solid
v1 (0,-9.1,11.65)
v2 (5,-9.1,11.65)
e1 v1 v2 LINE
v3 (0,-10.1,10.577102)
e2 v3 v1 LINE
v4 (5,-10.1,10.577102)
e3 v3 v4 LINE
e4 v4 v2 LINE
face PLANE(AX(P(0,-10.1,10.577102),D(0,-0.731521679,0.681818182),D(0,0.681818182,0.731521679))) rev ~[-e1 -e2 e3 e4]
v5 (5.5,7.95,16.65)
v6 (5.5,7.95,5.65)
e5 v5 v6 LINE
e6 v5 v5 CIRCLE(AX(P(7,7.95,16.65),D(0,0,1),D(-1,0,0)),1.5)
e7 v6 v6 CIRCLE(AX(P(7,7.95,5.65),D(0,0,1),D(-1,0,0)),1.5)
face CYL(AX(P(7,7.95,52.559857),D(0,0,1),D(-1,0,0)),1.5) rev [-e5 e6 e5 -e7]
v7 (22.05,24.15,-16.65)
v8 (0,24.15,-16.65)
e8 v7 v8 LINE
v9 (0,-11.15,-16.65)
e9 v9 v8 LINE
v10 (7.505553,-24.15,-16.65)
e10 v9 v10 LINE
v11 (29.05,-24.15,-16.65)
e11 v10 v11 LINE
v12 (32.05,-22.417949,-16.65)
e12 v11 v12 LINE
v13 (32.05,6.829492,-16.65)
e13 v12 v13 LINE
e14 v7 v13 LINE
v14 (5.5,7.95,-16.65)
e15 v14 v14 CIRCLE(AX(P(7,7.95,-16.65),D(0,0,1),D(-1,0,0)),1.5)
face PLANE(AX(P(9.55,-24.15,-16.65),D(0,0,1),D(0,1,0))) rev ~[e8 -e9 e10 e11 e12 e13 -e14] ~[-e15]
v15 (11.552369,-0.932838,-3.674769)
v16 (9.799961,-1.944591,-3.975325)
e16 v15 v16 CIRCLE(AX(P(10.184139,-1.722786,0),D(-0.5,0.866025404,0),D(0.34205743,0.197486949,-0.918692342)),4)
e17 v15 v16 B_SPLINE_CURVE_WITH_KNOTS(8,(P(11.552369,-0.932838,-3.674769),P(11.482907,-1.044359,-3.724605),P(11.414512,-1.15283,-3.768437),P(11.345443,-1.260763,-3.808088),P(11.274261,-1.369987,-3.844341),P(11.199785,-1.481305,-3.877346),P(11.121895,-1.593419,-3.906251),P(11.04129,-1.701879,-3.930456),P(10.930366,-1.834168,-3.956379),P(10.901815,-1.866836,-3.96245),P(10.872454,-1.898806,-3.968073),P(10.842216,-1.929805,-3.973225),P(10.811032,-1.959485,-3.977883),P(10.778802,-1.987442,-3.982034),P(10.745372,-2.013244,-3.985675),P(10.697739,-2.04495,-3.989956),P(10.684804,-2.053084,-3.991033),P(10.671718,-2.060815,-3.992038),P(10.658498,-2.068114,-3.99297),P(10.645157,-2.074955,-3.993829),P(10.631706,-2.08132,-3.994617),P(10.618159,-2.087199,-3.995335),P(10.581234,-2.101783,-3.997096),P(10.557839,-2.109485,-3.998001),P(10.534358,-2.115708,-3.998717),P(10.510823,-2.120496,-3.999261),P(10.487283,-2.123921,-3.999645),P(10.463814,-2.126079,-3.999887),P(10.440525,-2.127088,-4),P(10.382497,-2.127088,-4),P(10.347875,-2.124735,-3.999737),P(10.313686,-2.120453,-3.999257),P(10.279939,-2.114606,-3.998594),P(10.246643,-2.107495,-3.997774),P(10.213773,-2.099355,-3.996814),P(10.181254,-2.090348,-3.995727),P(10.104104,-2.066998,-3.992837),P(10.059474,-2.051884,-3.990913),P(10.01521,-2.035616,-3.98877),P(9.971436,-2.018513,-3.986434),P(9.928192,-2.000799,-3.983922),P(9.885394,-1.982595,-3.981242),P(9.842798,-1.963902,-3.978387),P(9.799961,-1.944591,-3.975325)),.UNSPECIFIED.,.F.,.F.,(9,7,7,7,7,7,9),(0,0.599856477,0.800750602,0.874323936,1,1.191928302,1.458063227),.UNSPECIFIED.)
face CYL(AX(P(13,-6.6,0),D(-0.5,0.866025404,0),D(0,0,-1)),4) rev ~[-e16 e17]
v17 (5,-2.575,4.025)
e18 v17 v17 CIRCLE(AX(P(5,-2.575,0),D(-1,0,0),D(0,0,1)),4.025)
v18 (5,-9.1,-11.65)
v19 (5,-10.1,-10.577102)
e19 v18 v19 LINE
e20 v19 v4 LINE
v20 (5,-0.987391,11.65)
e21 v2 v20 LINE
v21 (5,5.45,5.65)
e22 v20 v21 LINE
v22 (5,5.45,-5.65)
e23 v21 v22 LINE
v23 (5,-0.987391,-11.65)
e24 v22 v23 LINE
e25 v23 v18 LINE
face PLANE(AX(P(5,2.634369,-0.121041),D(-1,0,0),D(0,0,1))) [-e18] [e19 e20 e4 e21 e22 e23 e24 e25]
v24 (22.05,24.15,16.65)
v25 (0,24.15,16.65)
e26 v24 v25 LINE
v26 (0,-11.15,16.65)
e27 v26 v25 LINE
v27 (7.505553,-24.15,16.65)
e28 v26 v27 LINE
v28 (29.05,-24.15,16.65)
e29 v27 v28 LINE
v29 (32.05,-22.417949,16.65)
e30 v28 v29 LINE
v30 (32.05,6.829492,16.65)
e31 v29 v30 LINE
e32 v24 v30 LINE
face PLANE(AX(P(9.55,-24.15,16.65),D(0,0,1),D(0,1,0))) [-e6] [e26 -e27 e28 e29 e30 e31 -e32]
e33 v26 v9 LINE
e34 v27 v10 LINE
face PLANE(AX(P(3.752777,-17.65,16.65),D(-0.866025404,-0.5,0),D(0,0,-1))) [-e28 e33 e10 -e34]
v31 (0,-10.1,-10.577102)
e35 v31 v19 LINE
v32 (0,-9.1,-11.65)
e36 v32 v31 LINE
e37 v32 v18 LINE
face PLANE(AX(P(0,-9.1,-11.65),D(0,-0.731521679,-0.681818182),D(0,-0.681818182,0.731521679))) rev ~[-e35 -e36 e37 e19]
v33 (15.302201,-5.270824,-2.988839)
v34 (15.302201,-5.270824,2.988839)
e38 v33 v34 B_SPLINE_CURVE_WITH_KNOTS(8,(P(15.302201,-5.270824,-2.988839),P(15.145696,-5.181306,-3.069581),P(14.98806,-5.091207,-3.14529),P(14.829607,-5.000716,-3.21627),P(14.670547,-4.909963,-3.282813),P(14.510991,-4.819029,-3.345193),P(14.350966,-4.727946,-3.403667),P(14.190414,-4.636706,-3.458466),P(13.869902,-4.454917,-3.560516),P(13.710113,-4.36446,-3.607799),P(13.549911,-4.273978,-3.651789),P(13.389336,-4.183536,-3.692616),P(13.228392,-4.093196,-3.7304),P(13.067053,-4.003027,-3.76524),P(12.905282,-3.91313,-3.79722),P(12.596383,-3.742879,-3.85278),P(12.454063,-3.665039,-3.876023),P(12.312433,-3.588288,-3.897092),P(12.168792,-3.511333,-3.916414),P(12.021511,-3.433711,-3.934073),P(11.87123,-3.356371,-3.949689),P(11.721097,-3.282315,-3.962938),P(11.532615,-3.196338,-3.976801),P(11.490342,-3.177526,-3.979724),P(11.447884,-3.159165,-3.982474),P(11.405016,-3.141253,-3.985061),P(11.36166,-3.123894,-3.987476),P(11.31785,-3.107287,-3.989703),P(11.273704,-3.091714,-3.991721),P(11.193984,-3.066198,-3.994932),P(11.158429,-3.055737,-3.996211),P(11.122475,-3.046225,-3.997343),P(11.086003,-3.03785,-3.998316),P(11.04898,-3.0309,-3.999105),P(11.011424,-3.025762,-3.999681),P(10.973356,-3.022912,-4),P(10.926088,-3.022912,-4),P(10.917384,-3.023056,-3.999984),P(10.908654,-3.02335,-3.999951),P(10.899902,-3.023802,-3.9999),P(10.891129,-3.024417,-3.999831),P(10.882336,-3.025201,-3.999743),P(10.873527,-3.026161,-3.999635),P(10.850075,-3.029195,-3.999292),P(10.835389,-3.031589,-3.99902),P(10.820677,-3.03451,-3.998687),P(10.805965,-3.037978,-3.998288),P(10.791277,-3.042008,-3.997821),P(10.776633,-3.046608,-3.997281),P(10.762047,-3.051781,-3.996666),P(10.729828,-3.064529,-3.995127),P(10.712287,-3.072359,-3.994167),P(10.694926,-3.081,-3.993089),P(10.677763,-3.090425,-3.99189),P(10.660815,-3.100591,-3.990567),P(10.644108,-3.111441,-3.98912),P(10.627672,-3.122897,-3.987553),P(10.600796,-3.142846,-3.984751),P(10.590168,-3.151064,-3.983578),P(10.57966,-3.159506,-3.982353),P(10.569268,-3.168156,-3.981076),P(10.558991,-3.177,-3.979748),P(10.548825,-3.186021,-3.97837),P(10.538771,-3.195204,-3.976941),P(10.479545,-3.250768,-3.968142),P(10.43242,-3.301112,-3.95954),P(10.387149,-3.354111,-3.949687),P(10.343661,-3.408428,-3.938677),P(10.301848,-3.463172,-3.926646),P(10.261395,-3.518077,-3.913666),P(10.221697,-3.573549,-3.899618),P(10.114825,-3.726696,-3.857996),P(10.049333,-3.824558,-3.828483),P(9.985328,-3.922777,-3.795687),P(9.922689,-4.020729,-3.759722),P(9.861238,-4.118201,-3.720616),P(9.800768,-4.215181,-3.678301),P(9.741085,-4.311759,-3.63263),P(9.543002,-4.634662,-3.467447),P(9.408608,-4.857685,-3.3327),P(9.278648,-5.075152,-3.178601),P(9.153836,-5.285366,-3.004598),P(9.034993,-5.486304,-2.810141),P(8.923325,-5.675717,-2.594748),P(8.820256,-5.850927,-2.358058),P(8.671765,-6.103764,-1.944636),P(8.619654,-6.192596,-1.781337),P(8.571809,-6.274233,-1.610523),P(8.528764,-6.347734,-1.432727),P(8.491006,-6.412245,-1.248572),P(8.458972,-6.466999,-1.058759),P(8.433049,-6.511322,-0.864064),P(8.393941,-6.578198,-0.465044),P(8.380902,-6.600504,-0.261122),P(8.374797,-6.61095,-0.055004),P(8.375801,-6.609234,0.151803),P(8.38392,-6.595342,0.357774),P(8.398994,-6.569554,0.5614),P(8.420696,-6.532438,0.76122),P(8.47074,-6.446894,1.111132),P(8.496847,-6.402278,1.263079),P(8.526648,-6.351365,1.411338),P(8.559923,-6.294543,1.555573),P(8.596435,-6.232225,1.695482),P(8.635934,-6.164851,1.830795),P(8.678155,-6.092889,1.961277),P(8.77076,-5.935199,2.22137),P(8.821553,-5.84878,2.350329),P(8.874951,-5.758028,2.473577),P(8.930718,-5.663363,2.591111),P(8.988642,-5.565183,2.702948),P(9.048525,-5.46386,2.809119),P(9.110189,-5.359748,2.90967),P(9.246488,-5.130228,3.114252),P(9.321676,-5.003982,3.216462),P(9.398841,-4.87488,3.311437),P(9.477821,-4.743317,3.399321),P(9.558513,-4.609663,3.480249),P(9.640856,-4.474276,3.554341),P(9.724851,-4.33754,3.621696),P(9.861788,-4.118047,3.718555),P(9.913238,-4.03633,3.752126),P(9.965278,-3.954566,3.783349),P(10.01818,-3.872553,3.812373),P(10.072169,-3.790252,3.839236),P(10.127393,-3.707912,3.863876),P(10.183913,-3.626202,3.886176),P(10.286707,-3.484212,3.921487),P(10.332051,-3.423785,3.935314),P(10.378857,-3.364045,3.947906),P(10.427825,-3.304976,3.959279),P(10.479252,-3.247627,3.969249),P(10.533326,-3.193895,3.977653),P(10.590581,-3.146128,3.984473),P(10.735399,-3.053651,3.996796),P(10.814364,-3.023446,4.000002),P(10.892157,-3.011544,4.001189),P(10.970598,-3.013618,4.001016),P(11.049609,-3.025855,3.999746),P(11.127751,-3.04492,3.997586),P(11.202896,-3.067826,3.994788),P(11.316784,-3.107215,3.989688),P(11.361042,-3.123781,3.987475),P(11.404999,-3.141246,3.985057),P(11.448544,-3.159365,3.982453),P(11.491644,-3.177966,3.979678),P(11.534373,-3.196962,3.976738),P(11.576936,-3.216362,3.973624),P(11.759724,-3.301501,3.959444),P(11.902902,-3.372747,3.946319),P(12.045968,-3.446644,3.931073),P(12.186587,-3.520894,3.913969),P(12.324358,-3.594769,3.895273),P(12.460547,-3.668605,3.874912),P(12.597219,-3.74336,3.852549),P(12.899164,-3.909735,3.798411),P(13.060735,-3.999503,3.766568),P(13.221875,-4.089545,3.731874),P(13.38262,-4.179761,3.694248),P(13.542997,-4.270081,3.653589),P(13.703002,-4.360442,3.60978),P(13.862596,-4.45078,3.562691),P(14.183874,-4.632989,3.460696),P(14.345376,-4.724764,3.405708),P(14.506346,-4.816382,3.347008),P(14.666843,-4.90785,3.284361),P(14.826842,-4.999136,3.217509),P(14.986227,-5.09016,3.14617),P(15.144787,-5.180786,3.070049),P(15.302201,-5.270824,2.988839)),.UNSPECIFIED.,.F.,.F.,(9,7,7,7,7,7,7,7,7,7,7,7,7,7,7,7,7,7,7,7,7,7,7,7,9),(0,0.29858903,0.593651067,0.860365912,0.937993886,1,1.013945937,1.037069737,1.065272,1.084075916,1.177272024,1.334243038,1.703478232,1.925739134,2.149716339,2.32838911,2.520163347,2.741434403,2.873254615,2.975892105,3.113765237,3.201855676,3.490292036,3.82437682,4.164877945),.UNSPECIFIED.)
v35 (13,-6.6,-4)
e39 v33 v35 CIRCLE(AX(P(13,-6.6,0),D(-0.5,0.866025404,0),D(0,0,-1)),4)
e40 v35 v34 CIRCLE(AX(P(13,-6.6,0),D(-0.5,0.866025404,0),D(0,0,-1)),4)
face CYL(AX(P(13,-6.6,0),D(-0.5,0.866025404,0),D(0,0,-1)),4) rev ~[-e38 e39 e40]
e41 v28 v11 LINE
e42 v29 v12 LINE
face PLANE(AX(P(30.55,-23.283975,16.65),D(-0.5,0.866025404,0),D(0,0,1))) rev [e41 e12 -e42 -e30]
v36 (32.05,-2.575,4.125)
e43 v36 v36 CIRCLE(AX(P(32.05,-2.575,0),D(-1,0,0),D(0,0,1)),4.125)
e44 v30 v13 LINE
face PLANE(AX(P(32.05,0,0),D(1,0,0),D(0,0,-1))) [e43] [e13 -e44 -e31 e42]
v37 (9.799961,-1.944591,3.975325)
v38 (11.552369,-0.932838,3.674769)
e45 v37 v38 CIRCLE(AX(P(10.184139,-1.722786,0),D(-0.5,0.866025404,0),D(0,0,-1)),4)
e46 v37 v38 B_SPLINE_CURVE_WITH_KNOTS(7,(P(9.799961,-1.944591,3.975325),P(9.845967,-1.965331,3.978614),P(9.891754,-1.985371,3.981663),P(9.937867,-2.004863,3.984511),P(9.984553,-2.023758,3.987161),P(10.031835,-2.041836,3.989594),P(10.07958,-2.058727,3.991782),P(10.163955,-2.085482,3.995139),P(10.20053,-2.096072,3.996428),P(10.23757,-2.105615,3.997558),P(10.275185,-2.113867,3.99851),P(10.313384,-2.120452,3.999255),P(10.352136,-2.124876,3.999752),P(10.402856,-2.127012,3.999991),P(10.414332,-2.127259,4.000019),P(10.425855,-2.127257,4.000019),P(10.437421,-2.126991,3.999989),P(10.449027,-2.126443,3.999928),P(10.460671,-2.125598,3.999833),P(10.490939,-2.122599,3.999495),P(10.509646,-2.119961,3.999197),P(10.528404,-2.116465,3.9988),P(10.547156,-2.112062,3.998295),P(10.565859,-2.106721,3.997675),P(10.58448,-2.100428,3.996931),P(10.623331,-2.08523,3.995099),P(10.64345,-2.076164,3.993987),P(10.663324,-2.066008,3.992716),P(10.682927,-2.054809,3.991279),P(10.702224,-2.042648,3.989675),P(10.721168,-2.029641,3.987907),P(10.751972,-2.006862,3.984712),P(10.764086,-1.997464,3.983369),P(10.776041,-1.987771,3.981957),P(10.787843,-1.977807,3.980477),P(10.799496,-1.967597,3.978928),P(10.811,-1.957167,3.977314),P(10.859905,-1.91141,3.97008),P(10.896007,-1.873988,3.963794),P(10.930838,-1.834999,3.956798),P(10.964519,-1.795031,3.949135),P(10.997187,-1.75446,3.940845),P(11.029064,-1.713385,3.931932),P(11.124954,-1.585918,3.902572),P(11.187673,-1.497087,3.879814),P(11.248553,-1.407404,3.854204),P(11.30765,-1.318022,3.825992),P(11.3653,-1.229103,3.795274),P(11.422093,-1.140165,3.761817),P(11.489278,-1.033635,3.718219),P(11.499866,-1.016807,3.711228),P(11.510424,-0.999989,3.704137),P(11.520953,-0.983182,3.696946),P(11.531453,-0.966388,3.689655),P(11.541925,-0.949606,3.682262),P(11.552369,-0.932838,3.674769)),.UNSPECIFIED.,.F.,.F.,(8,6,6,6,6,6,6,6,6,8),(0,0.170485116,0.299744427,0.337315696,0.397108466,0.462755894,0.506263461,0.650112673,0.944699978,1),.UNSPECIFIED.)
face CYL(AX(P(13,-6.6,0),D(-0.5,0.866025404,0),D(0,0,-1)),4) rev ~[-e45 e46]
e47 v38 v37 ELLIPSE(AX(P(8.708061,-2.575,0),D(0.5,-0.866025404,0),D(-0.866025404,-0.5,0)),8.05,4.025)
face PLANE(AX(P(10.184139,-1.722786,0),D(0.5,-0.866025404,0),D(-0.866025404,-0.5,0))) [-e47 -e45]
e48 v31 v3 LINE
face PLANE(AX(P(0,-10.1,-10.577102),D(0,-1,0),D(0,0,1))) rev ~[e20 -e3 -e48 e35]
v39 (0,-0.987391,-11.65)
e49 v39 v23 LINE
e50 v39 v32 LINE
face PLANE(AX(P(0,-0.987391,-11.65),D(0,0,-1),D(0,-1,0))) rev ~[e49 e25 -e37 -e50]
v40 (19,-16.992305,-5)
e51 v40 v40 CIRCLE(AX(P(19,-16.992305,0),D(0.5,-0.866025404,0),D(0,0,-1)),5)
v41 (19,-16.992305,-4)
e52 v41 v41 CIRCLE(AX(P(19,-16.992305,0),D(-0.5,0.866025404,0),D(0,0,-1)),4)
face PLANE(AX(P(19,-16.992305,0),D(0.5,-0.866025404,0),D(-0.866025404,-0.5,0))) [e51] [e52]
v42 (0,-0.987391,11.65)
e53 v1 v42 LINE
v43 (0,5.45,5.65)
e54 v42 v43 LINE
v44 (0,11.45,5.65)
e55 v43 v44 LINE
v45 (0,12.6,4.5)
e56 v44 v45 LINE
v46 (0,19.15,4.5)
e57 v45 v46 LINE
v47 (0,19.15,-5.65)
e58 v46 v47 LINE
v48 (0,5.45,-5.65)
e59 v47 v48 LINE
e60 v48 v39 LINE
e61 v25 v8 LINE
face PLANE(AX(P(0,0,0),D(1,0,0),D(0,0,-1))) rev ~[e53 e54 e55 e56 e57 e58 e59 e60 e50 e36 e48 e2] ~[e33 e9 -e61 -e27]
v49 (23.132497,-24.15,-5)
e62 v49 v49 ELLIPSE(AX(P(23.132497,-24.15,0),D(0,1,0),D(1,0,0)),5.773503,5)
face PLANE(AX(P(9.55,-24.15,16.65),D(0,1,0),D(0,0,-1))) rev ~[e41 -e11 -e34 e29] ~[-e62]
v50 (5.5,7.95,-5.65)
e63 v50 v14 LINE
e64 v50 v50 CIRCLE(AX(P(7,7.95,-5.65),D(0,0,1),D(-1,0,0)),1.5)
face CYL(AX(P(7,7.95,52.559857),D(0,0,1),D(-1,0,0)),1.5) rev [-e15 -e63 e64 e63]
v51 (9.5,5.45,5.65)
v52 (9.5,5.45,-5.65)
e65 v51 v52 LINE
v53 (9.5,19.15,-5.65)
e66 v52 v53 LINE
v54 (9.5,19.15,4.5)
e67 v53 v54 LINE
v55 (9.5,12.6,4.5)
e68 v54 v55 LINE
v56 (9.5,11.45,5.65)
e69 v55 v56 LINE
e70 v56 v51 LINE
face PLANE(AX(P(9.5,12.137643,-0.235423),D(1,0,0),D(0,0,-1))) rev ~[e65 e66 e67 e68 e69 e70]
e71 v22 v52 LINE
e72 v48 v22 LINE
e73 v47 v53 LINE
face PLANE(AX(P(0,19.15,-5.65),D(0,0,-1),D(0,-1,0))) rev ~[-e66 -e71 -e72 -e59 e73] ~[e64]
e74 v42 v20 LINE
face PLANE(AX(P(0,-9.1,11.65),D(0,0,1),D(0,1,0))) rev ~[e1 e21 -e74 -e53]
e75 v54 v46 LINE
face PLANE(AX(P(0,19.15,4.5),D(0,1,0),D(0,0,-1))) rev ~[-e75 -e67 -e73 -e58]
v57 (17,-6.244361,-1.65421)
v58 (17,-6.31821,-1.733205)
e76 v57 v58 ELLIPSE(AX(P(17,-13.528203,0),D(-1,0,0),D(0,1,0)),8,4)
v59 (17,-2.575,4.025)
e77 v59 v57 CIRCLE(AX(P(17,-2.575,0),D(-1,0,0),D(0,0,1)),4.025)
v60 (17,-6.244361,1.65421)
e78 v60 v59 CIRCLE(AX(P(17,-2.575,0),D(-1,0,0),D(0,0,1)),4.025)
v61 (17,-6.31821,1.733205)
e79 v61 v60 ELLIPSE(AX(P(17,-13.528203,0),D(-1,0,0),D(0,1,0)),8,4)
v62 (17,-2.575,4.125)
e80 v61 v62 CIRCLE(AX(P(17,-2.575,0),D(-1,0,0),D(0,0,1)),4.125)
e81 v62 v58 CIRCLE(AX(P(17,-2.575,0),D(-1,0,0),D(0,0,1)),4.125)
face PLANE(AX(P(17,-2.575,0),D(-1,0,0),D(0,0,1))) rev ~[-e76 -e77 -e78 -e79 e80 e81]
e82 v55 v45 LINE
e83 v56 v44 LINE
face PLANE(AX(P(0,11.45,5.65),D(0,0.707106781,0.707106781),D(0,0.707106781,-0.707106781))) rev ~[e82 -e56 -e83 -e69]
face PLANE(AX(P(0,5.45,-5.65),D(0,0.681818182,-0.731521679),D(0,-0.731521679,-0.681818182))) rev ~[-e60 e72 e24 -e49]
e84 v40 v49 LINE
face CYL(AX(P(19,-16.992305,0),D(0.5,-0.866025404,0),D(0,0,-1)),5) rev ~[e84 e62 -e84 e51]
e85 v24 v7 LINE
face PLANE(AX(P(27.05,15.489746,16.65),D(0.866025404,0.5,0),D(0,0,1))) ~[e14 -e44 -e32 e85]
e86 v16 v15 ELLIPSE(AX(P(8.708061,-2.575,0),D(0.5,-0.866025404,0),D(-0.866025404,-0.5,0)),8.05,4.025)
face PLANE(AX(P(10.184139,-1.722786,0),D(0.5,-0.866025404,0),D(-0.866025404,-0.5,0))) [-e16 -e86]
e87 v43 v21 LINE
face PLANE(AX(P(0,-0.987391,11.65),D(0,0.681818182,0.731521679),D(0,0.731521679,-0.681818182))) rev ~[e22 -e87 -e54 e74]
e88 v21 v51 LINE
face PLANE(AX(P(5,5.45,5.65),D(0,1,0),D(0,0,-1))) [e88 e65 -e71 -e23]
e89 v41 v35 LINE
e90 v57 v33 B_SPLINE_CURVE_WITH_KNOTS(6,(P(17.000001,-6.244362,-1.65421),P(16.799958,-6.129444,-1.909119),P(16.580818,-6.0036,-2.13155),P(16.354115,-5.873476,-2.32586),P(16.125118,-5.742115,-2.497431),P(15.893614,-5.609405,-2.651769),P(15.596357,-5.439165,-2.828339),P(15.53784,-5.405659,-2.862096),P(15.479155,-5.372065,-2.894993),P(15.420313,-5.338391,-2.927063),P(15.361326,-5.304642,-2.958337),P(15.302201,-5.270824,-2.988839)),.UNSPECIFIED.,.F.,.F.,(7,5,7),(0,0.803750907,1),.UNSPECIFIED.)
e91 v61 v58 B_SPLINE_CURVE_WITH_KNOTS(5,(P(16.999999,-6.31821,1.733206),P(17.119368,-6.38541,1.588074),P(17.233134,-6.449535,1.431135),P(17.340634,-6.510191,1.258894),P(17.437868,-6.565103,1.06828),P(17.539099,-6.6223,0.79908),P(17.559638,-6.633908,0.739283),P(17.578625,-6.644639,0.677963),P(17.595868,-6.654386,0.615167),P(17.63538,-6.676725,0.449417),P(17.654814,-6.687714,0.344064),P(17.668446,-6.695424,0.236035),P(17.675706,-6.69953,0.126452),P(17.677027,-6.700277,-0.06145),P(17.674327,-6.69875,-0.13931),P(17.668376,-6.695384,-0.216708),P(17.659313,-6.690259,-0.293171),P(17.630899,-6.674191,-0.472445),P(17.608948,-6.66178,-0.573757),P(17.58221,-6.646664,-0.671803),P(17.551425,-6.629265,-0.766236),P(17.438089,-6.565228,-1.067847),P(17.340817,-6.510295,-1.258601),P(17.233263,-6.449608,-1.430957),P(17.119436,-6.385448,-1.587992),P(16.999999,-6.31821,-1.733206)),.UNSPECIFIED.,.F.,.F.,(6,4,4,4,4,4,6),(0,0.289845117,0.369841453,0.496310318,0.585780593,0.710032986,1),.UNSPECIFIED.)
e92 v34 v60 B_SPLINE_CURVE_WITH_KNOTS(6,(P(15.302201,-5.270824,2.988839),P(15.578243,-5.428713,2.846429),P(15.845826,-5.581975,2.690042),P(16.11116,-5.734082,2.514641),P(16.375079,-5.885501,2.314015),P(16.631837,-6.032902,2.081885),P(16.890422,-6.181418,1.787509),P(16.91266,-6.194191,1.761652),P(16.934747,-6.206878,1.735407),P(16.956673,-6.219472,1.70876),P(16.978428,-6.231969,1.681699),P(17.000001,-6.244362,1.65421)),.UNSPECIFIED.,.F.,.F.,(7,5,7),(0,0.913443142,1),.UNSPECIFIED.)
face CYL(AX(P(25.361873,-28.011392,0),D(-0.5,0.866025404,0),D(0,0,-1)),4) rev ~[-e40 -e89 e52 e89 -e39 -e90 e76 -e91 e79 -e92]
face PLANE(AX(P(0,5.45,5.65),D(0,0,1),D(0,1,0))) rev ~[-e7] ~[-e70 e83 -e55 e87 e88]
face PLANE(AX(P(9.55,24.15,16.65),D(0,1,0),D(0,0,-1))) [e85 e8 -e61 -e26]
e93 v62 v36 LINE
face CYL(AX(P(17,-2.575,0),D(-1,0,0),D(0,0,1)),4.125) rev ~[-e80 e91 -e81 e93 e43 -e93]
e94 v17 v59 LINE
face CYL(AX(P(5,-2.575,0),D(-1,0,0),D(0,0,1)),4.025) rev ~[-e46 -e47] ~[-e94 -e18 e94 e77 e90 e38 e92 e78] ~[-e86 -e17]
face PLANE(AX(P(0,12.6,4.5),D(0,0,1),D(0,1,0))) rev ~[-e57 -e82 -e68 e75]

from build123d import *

# Parameters (mm, degrees)
SKETCH1_W               = 33.3
SKETCH1_H               = 48.3
BOSS_EXTRUDE1_DEPTH     = 9.55
CUT_EXTRUDE1_DEPTH      = 5
CUT_EXTRUDE2_DEPTH      = 4.5
SKETCH5_W               = 33.3
SKETCH5_H               = 48.3
BOSS_EXTRUDE3_DEPTH     = 22.5
SKETCH6_R               = 4.025
CUT_EXTRUDE3_DEPTH      = 12
SKETCH7_R               = 4.125
CUT_EXTRUDE4_DEPTH      = 15.05
CUT_EXTRUDE6_DEPTH      = 46.909857329
CUT_EXTRUDE6_DEPTH_BACK = 46.909857329
SKETCH27_R              = 1.5
SKETCH30_R              = 4
SKETCH31_R              = 5
CHAMFER1_SIZE           = 13
CHAMFER1_SIZE2          = 7.505553499
CHAMFER2_SIZE           = 10
CHAMFER2_SIZE2          = 17.320508076
CHAMFER3_SIZE           = 3
CHAMFER3_SIZE2          = 1.732050808


with BuildPart() as part:
    # Sketch1 → Boss-Extrude1 (new body)
    with BuildSketch(Plane(origin=(0, 0, 0), x_dir=(0, 0, -1), z_dir=(1, 0, 0))):
        Rectangle(SKETCH1_W, SKETCH1_H)
    extrude(amount=BOSS_EXTRUDE1_DEPTH)

    # Sketch2 → Cut-Extrude1 (cut)
    with BuildSketch(Plane.ZY):
        Polygon((0, 19.15), (-5.65, 19.15), (-5.65, 5.45), (-11.65, -0.987390776), (-11.65, -9.1), (-10.577101537, -10.1), (10.577101537, -10.1), (11.65, -9.1), (11.65, -0.987390776), (5.65, 5.45), (5.65, 11.45), (4.5, 12.6), (4.5, 19.15), align=None)
    extrude(amount=-CUT_EXTRUDE1_DEPTH, mode=Mode.SUBTRACT)

    # Sketch3 → Cut-Extrude2 (cut)
    with BuildSketch(Plane.ZY.offset(-5)):
        Polygon((-5.65, 19.15), (4.5, 19.15), (4.5, 12.6), (5.65, 11.45), (5.65, 5.45), (-5.65, 5.45), align=None)
    extrude(amount=-CUT_EXTRUDE2_DEPTH, mode=Mode.SUBTRACT)

    # Sketch5 → Boss-Extrude3 (add)
    with BuildSketch(Plane(origin=(9.55, 0, 0), x_dir=(0, 0, -1), z_dir=(1, 0, 0))):
        Rectangle(SKETCH5_W, SKETCH5_H)
    extrude(amount=BOSS_EXTRUDE3_DEPTH)

    # Sketch6 → Cut-Extrude3 (cut)
    with BuildSketch(Plane.ZY.offset(-5)):
        with Locations((0, -2.575)):
            Circle(SKETCH6_R)
    extrude(amount=-CUT_EXTRUDE3_DEPTH, mode=Mode.SUBTRACT)

    # Sketch7 → Cut-Extrude4 (cut)
    with BuildSketch(Plane.ZY.offset(-17)):
        with Locations((0, -2.575)):
            Circle(SKETCH7_R)
    extrude(amount=-CUT_EXTRUDE4_DEPTH, mode=Mode.SUBTRACT)

    # Sketch27 → Cut-Extrude6 (cut, two sides: drawn at the far end of the back side and taken through both)
    with BuildSketch(Plane(origin=(0, 0, 5.65), x_dir=(-1, 0, 0), z_dir=(0, 0, -1)).offset(-CUT_EXTRUDE6_DEPTH_BACK)):
        with Locations((-7, 7.95)):
            Circle(SKETCH27_R)
    extrude(amount=CUT_EXTRUDE6_DEPTH + CUT_EXTRUDE6_DEPTH_BACK, mode=Mode.SUBTRACT)

    # Cut-Sweep1: sweep along a path in Sketch28
    with BuildLine(Plane.XY) as cut_sweep1_path:
        Line((25.361872918, -28.011391971), (13, -6.6))
        Line((13, -6.6), (10.184139233, -1.722786085))
    # Sketch30 → Cut-Sweep1 (sweep, cut)
    with BuildSketch(Plane(origin=(18.469756751, -31.990557096, 0), x_dir=(0, 0, -1), z_dir=(0.500000000000001, -0.866025403784438, 0))):
        with Locations((0, 7.958330249)):
            Circle(SKETCH30_R)
    sweep(path=cut_sweep1_path.line, mode=Mode.SUBTRACT)

    # Cut-Sweep2: sweep along a path in Sketch29
    with BuildLine(Plane.XY) as cut_sweep2_path:
        Line((19, -16.992304845), (25.361872918, -28.011391971))
    # Sketch31 → Cut-Sweep2 (sweep, cut)
    with BuildSketch(Plane(origin=(18.469756751, -31.990557096, 0), x_dir=(0, 0, -1), z_dir=(0.500000000000001, -0.866025403784438, 0))):
        with Locations((0, 7.958330249)):
            Circle(SKETCH31_R)
    sweep(path=cut_sweep2_path.line, mode=Mode.SUBTRACT)

    # Chamfer1
    chamfer1_edges = [part.edges().sort_by_distance(p)[0] for p in [
        (0, -24.15, 0),
    ]]
    chamfer1_side = [part.faces().sort_by_distance(p)[0] for p in [
        (0, 23.563333144, 0),
    ]]
    chamfer(chamfer1_edges, length=CHAMFER1_SIZE, length2=CHAMFER1_SIZE2, reference=chamfer1_side[0])

    # Chamfer2
    chamfer2_edges = [part.edges().sort_by_distance(p)[0] for p in [
        (32.05, 24.15, 0),
    ]]
    chamfer2_side = [part.faces().sort_by_distance(p)[0] for p in [
        (16.025, 24.15, 0),
    ]]
    chamfer(chamfer2_edges, length=CHAMFER2_SIZE, length2=CHAMFER2_SIZE2, reference=chamfer2_side[0])

    # Chamfer3
    chamfer3_edges = [part.edges().sort_by_distance(p)[0] for p in [
        (32.05, -24.15, 0),
    ]]
    chamfer3_side = [part.faces().sort_by_distance(p)[0] for p in [
        (19.77777675, -24.15, -16.236318981),
    ]]
    chamfer(chamfer3_edges, length=CHAMFER3_SIZE, length2=CHAMFER3_SIZE2, reference=chamfer3_side[0])


solid = part.part
